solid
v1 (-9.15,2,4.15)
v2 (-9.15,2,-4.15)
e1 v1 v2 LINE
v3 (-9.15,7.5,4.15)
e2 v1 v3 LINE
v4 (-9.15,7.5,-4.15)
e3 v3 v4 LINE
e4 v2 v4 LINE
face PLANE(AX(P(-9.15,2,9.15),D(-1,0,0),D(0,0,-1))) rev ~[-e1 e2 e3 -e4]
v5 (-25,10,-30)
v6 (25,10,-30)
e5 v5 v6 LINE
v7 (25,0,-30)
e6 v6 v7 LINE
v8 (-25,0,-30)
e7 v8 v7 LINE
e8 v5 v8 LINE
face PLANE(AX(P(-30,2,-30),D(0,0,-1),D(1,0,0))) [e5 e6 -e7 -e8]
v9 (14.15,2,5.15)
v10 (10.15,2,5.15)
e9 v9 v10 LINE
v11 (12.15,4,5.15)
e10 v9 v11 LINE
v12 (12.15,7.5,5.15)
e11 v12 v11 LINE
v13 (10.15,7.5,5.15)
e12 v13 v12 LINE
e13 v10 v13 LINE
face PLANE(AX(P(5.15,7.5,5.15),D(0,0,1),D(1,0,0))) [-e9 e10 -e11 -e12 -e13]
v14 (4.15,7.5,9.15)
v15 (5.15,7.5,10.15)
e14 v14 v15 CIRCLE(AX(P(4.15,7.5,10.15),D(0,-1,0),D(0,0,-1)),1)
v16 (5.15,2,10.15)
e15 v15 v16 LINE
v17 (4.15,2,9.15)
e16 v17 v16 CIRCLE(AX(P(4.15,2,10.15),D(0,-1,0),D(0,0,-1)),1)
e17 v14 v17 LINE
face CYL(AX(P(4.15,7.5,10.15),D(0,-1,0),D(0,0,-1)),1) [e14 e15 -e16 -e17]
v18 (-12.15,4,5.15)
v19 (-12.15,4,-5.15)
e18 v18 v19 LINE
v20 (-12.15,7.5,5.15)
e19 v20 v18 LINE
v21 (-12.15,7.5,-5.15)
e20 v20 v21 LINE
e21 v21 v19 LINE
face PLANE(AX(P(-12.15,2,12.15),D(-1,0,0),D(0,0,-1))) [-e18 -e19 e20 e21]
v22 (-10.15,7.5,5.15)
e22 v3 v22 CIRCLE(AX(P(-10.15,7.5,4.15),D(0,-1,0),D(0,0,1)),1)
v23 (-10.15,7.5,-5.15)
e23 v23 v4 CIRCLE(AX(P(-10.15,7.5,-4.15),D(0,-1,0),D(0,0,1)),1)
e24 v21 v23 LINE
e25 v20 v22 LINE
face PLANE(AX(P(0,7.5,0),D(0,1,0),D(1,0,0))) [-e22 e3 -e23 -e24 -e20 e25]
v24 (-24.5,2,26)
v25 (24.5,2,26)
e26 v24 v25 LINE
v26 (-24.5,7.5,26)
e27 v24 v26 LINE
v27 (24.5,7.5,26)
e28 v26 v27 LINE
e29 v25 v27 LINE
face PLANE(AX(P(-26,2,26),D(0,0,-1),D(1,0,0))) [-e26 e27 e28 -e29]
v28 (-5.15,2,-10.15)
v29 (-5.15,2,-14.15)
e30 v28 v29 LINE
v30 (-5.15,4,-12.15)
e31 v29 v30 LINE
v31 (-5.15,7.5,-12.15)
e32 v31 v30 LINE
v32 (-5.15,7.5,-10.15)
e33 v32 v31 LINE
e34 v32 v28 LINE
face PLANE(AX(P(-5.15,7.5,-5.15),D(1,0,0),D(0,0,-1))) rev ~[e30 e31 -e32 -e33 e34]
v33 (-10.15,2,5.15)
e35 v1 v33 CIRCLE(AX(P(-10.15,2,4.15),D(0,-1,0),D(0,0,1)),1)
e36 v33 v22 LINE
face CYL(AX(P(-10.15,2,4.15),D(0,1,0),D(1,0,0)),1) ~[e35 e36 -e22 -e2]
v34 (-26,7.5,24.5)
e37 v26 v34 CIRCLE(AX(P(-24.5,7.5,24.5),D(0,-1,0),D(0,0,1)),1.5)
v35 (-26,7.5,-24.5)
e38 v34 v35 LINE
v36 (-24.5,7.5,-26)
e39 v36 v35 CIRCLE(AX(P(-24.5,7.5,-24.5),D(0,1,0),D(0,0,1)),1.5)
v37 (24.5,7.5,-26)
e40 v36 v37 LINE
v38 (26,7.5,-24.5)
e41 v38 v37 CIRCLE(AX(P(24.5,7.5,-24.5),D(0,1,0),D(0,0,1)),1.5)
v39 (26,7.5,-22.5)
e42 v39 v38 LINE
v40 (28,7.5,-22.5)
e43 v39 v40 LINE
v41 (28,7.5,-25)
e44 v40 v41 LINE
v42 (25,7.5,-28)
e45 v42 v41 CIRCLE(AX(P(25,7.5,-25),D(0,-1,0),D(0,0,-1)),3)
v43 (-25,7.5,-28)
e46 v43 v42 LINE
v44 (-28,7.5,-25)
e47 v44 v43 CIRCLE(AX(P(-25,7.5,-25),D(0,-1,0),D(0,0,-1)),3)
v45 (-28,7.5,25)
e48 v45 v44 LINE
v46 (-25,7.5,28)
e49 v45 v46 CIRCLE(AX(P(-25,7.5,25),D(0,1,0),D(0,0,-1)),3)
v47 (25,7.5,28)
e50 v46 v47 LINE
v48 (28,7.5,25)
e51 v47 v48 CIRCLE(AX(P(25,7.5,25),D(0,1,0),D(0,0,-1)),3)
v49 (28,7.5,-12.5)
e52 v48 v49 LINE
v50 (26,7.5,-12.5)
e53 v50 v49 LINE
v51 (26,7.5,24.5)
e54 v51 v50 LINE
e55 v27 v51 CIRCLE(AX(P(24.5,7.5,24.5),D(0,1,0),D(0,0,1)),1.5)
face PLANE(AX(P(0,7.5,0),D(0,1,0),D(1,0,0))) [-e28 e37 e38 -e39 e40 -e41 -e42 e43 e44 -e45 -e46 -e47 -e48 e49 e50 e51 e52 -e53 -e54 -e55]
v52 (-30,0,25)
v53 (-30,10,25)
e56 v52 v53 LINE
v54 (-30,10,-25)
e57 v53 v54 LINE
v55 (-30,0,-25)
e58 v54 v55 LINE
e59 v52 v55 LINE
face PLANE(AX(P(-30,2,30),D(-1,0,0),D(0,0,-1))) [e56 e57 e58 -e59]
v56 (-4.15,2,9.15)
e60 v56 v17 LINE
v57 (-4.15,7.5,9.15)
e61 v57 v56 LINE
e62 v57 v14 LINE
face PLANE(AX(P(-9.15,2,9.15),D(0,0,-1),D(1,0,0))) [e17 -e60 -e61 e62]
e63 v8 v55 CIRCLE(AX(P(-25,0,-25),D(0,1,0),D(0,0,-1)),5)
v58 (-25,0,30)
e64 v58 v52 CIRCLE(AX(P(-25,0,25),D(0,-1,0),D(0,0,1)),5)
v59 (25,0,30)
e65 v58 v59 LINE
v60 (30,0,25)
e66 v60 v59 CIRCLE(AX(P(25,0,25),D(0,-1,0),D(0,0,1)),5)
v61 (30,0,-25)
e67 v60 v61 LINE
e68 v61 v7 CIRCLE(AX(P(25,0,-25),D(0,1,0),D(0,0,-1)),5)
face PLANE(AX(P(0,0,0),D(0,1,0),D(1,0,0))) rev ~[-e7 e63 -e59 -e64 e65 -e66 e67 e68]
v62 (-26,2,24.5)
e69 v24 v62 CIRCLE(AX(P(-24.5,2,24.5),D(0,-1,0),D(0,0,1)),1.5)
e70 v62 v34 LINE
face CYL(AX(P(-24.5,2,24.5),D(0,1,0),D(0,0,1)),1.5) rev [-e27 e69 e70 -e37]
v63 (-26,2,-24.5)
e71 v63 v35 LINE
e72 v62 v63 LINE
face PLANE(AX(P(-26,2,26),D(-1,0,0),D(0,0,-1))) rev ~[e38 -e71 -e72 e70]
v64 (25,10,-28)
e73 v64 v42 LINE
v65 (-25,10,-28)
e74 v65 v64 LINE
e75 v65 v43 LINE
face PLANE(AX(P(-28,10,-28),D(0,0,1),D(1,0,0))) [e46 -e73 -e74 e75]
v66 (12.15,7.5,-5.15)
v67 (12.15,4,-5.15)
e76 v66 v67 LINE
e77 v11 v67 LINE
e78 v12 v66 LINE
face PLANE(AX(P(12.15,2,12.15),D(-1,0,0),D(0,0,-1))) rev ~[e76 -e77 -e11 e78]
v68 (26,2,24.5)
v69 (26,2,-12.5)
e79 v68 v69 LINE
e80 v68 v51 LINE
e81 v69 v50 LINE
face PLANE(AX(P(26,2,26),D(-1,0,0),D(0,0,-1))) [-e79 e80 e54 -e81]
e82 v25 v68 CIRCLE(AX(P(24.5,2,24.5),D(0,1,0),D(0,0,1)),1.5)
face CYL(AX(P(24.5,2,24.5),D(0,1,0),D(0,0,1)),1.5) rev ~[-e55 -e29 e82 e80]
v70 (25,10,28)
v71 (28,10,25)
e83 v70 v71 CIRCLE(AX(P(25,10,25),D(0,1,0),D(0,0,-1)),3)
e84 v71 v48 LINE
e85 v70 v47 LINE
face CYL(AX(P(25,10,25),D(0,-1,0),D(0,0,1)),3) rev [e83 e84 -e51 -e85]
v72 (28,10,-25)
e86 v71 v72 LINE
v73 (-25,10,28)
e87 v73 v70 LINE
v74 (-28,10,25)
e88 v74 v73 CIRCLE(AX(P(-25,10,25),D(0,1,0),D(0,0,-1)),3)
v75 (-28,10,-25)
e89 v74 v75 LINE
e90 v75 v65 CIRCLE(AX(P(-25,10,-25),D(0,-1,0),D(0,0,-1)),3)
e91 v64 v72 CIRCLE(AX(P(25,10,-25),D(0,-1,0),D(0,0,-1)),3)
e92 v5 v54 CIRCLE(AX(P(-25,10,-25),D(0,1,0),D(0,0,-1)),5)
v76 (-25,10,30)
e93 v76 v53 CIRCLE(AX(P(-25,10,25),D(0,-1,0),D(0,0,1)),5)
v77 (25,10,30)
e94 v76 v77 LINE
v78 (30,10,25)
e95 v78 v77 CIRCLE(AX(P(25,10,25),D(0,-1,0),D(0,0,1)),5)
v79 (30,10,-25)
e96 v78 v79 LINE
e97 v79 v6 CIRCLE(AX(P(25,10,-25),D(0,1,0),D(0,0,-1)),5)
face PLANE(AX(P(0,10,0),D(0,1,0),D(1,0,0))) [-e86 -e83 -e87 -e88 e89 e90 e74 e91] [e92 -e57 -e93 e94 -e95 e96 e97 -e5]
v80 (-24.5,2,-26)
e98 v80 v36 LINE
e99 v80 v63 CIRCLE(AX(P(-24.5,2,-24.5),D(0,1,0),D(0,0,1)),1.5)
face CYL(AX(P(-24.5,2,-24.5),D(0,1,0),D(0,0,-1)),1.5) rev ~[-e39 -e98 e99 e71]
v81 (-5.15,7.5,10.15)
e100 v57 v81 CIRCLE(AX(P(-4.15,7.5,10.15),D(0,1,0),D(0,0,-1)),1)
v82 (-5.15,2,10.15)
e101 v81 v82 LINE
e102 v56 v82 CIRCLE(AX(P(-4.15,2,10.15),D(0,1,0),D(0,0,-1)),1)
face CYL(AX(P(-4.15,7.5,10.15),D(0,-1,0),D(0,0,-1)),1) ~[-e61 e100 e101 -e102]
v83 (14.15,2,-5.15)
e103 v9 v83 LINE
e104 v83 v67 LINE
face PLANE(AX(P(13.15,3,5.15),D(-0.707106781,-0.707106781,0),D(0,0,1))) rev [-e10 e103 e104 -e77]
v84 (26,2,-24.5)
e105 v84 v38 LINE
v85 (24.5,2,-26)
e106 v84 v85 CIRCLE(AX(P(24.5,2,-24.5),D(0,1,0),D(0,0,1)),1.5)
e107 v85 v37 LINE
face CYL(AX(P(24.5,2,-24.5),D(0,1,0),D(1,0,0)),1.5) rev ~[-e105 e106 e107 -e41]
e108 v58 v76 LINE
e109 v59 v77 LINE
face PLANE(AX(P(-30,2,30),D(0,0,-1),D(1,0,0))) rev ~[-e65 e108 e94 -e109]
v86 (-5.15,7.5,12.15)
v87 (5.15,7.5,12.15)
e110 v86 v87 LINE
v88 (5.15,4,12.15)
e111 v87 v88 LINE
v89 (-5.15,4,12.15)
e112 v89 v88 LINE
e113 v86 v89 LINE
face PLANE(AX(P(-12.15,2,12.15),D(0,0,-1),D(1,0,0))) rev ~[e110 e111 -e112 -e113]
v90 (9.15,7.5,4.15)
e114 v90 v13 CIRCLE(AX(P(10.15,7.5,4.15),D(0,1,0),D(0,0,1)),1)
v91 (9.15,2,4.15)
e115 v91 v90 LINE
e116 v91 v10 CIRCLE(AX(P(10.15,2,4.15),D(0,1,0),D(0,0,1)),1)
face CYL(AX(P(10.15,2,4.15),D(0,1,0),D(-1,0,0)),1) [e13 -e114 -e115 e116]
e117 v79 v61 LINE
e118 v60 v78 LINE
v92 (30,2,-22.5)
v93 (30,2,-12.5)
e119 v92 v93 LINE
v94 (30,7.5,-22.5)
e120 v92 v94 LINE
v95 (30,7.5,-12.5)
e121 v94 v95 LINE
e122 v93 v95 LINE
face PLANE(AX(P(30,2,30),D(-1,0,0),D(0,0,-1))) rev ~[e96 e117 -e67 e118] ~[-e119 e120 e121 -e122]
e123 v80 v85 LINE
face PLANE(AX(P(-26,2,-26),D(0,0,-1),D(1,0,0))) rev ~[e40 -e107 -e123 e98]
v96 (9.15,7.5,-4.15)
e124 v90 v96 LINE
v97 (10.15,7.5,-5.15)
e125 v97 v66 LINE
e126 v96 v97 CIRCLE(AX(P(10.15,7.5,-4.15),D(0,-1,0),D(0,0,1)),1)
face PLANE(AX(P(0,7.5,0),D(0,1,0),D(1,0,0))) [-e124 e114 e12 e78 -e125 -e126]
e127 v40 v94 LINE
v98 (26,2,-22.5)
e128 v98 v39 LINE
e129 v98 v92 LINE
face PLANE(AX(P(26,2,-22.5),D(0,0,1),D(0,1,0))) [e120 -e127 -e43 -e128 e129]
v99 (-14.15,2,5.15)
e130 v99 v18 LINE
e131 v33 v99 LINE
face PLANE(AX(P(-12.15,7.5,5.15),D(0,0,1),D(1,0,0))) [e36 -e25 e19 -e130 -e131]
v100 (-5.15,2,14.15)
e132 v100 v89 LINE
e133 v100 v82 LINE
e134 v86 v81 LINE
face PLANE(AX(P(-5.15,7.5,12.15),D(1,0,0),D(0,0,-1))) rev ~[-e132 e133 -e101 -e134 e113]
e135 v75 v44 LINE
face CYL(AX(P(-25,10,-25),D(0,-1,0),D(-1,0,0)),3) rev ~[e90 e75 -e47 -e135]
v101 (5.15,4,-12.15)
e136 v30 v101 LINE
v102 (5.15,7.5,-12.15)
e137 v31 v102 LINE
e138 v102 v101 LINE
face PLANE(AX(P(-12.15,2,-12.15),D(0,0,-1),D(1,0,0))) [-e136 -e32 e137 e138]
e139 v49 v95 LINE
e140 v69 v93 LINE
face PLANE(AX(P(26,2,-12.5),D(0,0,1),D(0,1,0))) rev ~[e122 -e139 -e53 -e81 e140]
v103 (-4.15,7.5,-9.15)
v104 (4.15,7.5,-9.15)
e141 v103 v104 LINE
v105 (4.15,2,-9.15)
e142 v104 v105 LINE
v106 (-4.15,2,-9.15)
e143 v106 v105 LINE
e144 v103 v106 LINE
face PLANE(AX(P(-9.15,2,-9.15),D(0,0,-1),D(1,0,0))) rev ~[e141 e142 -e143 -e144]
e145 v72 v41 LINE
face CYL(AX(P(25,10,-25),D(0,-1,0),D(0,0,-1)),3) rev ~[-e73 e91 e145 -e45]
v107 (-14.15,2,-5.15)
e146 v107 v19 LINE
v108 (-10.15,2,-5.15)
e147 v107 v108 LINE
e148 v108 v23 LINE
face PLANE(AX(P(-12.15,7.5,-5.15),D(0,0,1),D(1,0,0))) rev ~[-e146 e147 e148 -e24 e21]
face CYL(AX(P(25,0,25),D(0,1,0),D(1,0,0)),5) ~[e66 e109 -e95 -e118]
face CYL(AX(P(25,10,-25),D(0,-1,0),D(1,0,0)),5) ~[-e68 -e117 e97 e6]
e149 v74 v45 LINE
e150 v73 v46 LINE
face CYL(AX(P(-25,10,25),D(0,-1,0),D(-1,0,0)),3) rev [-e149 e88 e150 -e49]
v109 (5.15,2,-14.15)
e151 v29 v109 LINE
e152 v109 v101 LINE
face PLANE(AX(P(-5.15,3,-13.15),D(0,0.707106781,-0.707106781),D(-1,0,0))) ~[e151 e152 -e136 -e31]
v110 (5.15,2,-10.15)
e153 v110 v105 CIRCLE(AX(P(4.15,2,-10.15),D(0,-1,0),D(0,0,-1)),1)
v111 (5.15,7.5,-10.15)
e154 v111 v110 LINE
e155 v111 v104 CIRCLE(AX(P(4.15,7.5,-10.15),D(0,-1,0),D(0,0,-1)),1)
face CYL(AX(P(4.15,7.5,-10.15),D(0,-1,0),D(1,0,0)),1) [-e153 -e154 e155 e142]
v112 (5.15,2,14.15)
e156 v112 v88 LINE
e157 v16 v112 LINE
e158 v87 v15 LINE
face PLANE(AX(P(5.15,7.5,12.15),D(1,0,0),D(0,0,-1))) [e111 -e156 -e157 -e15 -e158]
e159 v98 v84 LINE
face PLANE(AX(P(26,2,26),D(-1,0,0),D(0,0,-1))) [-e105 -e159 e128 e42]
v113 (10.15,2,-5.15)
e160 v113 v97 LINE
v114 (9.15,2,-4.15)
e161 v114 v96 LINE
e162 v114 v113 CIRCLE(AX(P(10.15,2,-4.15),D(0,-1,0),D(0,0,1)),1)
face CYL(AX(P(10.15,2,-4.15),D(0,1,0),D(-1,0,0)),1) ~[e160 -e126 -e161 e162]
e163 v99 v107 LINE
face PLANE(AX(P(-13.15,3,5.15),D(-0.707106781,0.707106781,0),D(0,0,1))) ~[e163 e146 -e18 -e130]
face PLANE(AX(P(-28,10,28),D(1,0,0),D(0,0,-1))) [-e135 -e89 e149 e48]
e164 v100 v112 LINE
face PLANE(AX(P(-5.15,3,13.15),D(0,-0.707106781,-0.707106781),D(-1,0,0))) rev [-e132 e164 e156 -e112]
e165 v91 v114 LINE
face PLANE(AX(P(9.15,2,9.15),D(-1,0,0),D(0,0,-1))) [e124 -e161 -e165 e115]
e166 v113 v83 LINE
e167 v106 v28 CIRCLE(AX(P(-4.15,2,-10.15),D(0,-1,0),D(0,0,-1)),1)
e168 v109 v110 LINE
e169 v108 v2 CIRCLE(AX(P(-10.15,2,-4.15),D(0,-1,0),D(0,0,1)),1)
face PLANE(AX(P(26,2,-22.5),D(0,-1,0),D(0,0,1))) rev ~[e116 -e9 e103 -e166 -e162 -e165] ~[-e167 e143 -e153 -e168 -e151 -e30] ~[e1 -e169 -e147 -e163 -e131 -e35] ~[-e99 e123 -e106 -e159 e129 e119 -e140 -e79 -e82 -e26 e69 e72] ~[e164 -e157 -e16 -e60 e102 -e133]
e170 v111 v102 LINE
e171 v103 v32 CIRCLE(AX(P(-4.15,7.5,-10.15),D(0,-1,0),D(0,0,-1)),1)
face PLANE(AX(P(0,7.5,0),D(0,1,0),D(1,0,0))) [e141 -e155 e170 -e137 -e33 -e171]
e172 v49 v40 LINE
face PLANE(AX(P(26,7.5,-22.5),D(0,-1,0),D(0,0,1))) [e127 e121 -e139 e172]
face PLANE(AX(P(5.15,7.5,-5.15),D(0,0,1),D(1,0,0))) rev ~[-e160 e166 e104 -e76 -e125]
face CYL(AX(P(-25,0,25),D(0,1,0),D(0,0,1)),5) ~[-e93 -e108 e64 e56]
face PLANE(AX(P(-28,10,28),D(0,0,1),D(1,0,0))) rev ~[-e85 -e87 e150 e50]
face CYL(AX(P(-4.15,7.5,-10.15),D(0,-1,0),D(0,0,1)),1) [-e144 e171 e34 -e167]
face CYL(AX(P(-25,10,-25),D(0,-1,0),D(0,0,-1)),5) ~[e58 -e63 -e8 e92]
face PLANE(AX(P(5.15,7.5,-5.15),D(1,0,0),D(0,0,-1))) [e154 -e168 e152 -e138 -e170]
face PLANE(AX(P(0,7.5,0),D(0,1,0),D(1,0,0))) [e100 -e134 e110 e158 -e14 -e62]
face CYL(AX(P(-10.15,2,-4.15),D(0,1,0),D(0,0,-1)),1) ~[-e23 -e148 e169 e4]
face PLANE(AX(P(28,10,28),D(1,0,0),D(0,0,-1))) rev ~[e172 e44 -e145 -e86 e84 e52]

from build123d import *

# Parameters (mm, degrees)
ESBO_O1_W                = 60
ESBO_O1_H                = 60
BASE_DEPTH               = 2
ESBO_O3_W                = 24.3
ESBO_O3_H                = 24.3
ESBO_O3_W_2              = 18.3
ESBO_O3_H_2              = 18.3
ENCAIXES_DA_ARVORE_DEPTH = 5.5
ESBO_O4_W                = 60
ESBO_O4_H                = 60
ESBO_O4_W_2              = 52
ESBO_O4_H_2              = 52
PAREDES_DEPTH            = 8
ESBO_O5_W                = 7
ESBO_O5_H                = 7
CORTE_DOS_ENCAIXE_DEPTH  = 5.5
ESBO_O6_W                = 56
ESBO_O6_H                = 56
ESBO_O6_W_2              = 52
ESBO_O6_H_2              = 52
CORTE_EXTRUS_O2_DEPTH    = 2.5
FILETE5_R                = 1.5
FILETE6_R                = 3
ESBO_O7_W                = 10
ESBO_O7_H                = 5.5
CORTE_EXTRUS_O3_DEPTH    = 65.311740763
CHANFRO2_SIZE            = 2
FILETE19_R               = 1
FILETE20_R               = 5


with BuildPart() as part:
    # Esboço1 → Base (new body)
    with BuildSketch(Plane(origin=(0, 0, 0), x_dir=(1, 0, 0), z_dir=(0, 1, 0))):
        Rectangle(ESBO_O1_W, ESBO_O1_H)
    extrude(amount=BASE_DEPTH)

    # Esboço3 → Encaixes da Arvore (add)
    with BuildSketch(Plane(origin=(0, 2, 0), x_dir=(1, 0, 0), z_dir=(0, 1, 0))):
        Rectangle(ESBO_O3_W, ESBO_O3_H)
        Rectangle(ESBO_O3_W_2, ESBO_O3_H_2, mode=Mode.SUBTRACT)
    extrude(amount=ENCAIXES_DA_ARVORE_DEPTH)

    # Esboço4 → Paredes (add)
    with BuildSketch(Plane(origin=(0, 2, 0), x_dir=(1, 0, 0), z_dir=(0, 1, 0))):
        Rectangle(ESBO_O4_W, ESBO_O4_H)
        Rectangle(ESBO_O4_W_2, ESBO_O4_H_2, mode=Mode.SUBTRACT)
    extrude(amount=PAREDES_DEPTH)

    # Esboço5 → Corte dos Encaixe (cut)
    with BuildSketch(Plane(origin=(0, 7.5, 0), x_dir=(1, 0, 0), z_dir=(0, 1, 0))):
        with Locations((8.65, 8.65)):
            Rectangle(ESBO_O5_W, ESBO_O5_H)
        with Locations((-8.65, 8.65)):
            Rectangle(ESBO_O5_W, ESBO_O5_H)
        with Locations((8.65, -8.65)):
            Rectangle(ESBO_O5_W, ESBO_O5_H)
        with Locations((-8.65, -8.65)):
            Rectangle(ESBO_O5_W, ESBO_O5_H)
    extrude(amount=-CORTE_DOS_ENCAIXE_DEPTH, mode=Mode.SUBTRACT)

    # Esboço6 → Corte-extrusão2 (cut)
    with BuildSketch(Plane(origin=(0, 10, 0), x_dir=(1, 0, 0), z_dir=(0, 1, 0))):
        Rectangle(ESBO_O6_W, ESBO_O6_H)
        Rectangle(ESBO_O6_W_2, ESBO_O6_H_2, mode=Mode.SUBTRACT)
    extrude(amount=-CORTE_EXTRUS_O2_DEPTH, mode=Mode.SUBTRACT)

    # Filete5
    filete5_edges = [part.edges().sort_by_distance(p)[0] for p in [
        (26, 4.75, 26),
        (26, 4.75, -26),
        (-26, 4.75, 26),
        (-26, 4.75, -26),
    ]]
    fillet(filete5_edges, radius=FILETE5_R)

    # Filete6
    filete6_edges = [part.edges().sort_by_distance(p)[0] for p in [
        (-28, 8.75, 28),
        (-28, 8.75, -28),
        (28, 8.75, -28),
        (28, 8.75, 28),
    ]]
    fillet(filete6_edges, radius=FILETE6_R)

    # Esboço7 → Corte-extrusão3 (cut, through all)
    with BuildSketch(Plane.ZY.offset(-26)):
        with Locations((-17.5, 4.75)):
            Rectangle(ESBO_O7_W, ESBO_O7_H)
    extrude(amount=-CORTE_EXTRUS_O3_DEPTH, mode=Mode.SUBTRACT)

    # Chanfro2
    chanfro2_edges = [part.edges().sort_by_distance(p)[0] for p in [
        (-12.15, 2, 0),
        (0, 2, -12.15),
        (12.15, 2, 0),
        (0, 2, 12.15),
    ]]
    chamfer(chanfro2_edges, length=CHANFRO2_SIZE)

    # Filete19
    filete19_edges = [part.edges().sort_by_distance(p)[0] for p in [
        (9.15, 4.75, -5.15),
        (5.15, 4.75, -9.15),
        (5.15, 4.75, 9.15),
        (9.15, 4.75, 5.15),
        (-9.15, 4.75, 5.15),
        (-5.15, 4.75, 9.15),
        (-5.15, 4.75, -9.15),
        (-9.15, 4.75, -5.15),
    ]]
    fillet(filete19_edges, radius=FILETE19_R)

    # Filete20
    filete20_edges = [part.edges().sort_by_distance(p)[0] for p in [
        (30, 5, 30),
        (-30, 5, 30),
        (-30, 5, -30),
        (30, 5, -30),
    ]]
    fillet(filete20_edges, radius=FILETE20_R)


solid = part.part
